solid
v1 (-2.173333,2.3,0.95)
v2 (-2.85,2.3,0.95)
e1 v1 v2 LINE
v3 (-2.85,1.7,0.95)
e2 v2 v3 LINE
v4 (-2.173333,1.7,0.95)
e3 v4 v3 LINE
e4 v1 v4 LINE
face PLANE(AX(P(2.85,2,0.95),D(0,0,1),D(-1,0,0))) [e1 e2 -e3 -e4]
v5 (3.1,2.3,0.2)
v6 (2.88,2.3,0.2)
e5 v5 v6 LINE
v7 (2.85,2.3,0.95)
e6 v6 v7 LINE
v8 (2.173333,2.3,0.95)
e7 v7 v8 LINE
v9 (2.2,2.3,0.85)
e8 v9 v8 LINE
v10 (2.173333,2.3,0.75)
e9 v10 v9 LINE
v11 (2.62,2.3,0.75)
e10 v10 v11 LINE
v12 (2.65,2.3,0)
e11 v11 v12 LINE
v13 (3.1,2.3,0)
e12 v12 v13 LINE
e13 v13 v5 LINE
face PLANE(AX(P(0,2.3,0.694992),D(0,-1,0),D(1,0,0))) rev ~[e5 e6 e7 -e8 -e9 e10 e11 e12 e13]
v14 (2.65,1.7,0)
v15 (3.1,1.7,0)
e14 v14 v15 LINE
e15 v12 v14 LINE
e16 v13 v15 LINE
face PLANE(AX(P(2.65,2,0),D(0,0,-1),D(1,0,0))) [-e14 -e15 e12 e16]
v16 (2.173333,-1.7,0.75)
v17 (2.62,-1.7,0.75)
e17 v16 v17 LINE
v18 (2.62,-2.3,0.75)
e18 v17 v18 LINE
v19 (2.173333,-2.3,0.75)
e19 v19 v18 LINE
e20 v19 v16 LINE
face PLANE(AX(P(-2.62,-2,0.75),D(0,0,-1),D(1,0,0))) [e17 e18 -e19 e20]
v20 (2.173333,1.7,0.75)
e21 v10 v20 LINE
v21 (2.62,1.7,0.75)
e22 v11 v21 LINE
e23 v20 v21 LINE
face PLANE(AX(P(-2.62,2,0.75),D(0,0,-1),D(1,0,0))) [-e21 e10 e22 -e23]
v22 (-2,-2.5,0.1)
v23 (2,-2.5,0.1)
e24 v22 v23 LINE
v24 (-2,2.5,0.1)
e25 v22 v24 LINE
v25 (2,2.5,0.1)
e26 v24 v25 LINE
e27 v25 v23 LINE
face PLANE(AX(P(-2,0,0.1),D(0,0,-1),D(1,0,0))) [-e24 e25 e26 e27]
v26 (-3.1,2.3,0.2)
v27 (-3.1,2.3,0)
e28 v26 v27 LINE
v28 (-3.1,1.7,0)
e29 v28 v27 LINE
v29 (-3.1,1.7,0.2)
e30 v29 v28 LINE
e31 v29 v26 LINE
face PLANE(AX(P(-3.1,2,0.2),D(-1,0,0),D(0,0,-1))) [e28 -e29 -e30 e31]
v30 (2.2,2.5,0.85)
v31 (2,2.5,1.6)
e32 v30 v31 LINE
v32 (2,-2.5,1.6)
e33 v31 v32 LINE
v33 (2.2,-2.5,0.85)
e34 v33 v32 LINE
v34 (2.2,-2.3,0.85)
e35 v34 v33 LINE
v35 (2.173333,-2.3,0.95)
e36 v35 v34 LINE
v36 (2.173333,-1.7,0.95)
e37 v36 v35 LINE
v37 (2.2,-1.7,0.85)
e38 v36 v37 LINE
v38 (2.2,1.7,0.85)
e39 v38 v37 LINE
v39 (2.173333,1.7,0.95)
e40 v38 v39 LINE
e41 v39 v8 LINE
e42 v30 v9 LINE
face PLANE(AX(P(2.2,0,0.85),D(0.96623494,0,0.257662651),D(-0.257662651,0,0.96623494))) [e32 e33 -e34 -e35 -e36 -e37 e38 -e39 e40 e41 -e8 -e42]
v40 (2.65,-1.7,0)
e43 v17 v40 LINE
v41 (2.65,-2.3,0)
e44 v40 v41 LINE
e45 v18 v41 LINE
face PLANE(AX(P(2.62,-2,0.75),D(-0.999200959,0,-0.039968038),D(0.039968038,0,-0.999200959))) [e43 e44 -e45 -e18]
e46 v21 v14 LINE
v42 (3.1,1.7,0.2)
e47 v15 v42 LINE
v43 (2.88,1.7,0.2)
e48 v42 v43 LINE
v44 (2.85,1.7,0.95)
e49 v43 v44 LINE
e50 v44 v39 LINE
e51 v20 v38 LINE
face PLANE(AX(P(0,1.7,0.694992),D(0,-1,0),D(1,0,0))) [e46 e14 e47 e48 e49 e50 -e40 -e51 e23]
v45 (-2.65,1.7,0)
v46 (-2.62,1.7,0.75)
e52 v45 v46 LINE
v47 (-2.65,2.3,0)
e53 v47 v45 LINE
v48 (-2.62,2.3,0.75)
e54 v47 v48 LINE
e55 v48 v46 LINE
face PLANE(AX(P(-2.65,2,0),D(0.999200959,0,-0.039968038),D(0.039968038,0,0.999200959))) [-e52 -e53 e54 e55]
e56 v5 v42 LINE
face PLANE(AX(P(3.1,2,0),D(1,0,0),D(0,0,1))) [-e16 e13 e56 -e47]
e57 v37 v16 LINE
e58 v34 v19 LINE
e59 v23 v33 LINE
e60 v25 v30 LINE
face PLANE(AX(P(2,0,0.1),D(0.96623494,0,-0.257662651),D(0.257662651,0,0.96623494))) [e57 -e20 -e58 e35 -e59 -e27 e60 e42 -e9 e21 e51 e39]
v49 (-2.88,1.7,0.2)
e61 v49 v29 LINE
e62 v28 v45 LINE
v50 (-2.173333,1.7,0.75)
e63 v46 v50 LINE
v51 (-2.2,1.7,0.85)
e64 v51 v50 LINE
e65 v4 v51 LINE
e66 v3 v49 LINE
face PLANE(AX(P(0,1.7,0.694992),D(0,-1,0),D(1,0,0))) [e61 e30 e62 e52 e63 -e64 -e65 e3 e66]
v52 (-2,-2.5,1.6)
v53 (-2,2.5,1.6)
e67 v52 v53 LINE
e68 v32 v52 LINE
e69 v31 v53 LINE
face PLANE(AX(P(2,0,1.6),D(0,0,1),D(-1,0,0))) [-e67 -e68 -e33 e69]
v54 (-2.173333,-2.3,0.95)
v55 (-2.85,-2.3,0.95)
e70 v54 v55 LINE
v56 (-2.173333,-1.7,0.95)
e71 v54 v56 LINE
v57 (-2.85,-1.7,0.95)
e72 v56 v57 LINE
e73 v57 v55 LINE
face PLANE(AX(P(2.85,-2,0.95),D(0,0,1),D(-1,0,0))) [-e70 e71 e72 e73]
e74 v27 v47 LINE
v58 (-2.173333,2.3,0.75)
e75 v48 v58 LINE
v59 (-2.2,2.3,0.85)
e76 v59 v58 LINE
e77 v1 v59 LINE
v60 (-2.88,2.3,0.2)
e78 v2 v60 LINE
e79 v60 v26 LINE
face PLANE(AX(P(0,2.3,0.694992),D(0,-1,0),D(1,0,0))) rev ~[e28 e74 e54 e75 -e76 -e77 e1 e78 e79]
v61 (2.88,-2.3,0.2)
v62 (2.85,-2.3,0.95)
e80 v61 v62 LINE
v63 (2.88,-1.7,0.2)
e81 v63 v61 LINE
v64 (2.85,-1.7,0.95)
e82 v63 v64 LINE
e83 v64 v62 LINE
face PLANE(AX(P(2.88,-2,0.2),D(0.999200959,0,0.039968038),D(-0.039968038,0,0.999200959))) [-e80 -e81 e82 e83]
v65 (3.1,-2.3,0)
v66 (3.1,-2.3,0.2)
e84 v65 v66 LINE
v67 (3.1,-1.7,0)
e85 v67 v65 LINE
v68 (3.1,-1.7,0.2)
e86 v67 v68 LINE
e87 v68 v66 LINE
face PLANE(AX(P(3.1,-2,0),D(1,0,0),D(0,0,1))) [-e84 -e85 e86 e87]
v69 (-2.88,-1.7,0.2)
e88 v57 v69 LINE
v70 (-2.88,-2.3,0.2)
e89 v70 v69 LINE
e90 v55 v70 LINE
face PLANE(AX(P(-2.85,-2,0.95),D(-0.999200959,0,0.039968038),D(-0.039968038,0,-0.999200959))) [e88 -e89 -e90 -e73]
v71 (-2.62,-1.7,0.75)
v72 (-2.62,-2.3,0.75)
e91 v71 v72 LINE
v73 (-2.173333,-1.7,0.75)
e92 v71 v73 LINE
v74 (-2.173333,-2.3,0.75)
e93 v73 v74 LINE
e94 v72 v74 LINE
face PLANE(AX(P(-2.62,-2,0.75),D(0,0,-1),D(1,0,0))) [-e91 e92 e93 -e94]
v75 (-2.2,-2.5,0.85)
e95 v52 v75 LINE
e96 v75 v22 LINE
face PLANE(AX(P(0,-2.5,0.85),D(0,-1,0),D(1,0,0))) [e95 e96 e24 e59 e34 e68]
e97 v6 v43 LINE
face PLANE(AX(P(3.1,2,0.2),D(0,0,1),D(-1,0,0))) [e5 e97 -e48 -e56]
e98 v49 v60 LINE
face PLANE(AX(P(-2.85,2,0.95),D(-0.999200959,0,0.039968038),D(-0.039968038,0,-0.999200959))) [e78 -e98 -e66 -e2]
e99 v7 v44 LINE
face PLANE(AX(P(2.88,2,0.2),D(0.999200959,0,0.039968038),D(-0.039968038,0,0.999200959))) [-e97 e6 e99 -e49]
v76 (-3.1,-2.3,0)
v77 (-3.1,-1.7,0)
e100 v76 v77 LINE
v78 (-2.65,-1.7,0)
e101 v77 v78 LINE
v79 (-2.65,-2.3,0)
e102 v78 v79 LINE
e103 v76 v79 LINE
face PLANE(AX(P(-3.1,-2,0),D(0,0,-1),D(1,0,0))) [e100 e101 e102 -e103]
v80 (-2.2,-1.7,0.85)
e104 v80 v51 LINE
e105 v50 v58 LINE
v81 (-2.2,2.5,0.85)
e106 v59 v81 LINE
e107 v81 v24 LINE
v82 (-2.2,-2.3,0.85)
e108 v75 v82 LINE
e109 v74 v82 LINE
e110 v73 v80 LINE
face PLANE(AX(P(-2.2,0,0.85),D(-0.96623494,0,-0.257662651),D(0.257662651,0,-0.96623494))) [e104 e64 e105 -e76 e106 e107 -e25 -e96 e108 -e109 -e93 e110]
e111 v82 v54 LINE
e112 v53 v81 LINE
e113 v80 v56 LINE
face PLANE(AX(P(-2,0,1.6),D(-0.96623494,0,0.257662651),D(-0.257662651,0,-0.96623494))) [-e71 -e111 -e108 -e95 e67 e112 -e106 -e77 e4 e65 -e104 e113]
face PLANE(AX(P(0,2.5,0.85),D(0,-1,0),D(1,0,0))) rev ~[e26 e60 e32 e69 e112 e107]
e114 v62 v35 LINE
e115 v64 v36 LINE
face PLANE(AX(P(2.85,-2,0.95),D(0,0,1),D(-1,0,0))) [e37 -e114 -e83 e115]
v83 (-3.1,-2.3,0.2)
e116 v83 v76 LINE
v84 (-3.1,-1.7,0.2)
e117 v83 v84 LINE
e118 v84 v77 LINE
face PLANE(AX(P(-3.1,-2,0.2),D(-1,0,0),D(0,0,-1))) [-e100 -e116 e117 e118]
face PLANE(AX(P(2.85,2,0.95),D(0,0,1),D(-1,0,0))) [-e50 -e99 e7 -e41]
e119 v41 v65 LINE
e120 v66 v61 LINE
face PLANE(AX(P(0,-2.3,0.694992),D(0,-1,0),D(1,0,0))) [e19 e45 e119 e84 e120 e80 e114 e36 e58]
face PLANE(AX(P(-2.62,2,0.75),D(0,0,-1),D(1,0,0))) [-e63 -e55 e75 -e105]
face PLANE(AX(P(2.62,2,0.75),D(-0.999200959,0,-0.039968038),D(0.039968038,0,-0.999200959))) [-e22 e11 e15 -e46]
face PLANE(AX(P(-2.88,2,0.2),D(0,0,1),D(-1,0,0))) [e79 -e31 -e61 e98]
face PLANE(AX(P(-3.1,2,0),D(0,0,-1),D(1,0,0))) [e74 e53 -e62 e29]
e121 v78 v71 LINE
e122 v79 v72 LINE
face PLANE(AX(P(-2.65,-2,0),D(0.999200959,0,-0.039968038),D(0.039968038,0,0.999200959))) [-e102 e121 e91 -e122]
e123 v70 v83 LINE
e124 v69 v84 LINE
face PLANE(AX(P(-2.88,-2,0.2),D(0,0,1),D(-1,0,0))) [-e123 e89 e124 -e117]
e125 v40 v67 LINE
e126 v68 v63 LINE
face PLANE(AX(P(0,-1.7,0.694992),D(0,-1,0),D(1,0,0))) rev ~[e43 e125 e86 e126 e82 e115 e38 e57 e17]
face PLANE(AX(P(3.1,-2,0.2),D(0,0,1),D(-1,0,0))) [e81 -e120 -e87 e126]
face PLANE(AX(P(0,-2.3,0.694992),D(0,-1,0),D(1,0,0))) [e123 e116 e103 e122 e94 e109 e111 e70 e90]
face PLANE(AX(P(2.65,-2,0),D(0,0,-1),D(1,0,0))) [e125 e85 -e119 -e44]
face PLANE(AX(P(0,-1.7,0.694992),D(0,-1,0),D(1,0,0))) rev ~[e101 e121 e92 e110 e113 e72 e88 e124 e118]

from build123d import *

# Parameters (mm, degrees)
PAD_DEPTH    = 2.5
PAD002_DEPTH = 0.3
PAD001_DEPTH = 0.3


with BuildPart() as pad:
    # Sketch → Pad (new body, symmetric)
    with BuildSketch(Plane.XZ):
        Polygon((-2, 0.1), (2, 0.1), (2.2, 0.85), (2, 1.6), (-2, 1.6), (-2.2, 0.85), align=None)
    extrude(amount=PAD_DEPTH, both=True)


with BuildPart() as pad002:
    # Sketch002 → Pad002 (new body, symmetric)
    with BuildSketch(Plane.XZ.offset(2)):
        Polygon((-3.1, 0), (-2.65, 0), (-2.62, 0.75), (2.62, 0.75), (2.65, 0), (3.1, 0), (3.1, 0.2), (2.88, 0.2), (2.85, 0.95), (-2.85, 0.95), (-2.88, 0.2), (-3.1, 0.2), align=None)
    extrude(amount=PAD002_DEPTH, both=True)


with BuildPart() as diode_bridge_diotec_abs:
    # Sketch001 → Pad001 (new body, symmetric)
    with BuildSketch(Plane.XZ.offset(-2)):
        Polygon((-3.1, 0), (-2.65, 0), (-2.62, 0.75), (2.62, 0.75), (2.65, 0), (3.1, 0), (3.1, 0.2), (2.88, 0.2), (2.85, 0.95), (-2.85, 0.95), (-2.88, 0.2), (-3.1, 0.2), align=None)
    extrude(amount=PAD001_DEPTH, both=True)

    # Pad001_mp_cp: union Pad, Pad002
    add(pad.part)
    add(pad002.part)


solid = diode_bridge_diotec_abs.part
